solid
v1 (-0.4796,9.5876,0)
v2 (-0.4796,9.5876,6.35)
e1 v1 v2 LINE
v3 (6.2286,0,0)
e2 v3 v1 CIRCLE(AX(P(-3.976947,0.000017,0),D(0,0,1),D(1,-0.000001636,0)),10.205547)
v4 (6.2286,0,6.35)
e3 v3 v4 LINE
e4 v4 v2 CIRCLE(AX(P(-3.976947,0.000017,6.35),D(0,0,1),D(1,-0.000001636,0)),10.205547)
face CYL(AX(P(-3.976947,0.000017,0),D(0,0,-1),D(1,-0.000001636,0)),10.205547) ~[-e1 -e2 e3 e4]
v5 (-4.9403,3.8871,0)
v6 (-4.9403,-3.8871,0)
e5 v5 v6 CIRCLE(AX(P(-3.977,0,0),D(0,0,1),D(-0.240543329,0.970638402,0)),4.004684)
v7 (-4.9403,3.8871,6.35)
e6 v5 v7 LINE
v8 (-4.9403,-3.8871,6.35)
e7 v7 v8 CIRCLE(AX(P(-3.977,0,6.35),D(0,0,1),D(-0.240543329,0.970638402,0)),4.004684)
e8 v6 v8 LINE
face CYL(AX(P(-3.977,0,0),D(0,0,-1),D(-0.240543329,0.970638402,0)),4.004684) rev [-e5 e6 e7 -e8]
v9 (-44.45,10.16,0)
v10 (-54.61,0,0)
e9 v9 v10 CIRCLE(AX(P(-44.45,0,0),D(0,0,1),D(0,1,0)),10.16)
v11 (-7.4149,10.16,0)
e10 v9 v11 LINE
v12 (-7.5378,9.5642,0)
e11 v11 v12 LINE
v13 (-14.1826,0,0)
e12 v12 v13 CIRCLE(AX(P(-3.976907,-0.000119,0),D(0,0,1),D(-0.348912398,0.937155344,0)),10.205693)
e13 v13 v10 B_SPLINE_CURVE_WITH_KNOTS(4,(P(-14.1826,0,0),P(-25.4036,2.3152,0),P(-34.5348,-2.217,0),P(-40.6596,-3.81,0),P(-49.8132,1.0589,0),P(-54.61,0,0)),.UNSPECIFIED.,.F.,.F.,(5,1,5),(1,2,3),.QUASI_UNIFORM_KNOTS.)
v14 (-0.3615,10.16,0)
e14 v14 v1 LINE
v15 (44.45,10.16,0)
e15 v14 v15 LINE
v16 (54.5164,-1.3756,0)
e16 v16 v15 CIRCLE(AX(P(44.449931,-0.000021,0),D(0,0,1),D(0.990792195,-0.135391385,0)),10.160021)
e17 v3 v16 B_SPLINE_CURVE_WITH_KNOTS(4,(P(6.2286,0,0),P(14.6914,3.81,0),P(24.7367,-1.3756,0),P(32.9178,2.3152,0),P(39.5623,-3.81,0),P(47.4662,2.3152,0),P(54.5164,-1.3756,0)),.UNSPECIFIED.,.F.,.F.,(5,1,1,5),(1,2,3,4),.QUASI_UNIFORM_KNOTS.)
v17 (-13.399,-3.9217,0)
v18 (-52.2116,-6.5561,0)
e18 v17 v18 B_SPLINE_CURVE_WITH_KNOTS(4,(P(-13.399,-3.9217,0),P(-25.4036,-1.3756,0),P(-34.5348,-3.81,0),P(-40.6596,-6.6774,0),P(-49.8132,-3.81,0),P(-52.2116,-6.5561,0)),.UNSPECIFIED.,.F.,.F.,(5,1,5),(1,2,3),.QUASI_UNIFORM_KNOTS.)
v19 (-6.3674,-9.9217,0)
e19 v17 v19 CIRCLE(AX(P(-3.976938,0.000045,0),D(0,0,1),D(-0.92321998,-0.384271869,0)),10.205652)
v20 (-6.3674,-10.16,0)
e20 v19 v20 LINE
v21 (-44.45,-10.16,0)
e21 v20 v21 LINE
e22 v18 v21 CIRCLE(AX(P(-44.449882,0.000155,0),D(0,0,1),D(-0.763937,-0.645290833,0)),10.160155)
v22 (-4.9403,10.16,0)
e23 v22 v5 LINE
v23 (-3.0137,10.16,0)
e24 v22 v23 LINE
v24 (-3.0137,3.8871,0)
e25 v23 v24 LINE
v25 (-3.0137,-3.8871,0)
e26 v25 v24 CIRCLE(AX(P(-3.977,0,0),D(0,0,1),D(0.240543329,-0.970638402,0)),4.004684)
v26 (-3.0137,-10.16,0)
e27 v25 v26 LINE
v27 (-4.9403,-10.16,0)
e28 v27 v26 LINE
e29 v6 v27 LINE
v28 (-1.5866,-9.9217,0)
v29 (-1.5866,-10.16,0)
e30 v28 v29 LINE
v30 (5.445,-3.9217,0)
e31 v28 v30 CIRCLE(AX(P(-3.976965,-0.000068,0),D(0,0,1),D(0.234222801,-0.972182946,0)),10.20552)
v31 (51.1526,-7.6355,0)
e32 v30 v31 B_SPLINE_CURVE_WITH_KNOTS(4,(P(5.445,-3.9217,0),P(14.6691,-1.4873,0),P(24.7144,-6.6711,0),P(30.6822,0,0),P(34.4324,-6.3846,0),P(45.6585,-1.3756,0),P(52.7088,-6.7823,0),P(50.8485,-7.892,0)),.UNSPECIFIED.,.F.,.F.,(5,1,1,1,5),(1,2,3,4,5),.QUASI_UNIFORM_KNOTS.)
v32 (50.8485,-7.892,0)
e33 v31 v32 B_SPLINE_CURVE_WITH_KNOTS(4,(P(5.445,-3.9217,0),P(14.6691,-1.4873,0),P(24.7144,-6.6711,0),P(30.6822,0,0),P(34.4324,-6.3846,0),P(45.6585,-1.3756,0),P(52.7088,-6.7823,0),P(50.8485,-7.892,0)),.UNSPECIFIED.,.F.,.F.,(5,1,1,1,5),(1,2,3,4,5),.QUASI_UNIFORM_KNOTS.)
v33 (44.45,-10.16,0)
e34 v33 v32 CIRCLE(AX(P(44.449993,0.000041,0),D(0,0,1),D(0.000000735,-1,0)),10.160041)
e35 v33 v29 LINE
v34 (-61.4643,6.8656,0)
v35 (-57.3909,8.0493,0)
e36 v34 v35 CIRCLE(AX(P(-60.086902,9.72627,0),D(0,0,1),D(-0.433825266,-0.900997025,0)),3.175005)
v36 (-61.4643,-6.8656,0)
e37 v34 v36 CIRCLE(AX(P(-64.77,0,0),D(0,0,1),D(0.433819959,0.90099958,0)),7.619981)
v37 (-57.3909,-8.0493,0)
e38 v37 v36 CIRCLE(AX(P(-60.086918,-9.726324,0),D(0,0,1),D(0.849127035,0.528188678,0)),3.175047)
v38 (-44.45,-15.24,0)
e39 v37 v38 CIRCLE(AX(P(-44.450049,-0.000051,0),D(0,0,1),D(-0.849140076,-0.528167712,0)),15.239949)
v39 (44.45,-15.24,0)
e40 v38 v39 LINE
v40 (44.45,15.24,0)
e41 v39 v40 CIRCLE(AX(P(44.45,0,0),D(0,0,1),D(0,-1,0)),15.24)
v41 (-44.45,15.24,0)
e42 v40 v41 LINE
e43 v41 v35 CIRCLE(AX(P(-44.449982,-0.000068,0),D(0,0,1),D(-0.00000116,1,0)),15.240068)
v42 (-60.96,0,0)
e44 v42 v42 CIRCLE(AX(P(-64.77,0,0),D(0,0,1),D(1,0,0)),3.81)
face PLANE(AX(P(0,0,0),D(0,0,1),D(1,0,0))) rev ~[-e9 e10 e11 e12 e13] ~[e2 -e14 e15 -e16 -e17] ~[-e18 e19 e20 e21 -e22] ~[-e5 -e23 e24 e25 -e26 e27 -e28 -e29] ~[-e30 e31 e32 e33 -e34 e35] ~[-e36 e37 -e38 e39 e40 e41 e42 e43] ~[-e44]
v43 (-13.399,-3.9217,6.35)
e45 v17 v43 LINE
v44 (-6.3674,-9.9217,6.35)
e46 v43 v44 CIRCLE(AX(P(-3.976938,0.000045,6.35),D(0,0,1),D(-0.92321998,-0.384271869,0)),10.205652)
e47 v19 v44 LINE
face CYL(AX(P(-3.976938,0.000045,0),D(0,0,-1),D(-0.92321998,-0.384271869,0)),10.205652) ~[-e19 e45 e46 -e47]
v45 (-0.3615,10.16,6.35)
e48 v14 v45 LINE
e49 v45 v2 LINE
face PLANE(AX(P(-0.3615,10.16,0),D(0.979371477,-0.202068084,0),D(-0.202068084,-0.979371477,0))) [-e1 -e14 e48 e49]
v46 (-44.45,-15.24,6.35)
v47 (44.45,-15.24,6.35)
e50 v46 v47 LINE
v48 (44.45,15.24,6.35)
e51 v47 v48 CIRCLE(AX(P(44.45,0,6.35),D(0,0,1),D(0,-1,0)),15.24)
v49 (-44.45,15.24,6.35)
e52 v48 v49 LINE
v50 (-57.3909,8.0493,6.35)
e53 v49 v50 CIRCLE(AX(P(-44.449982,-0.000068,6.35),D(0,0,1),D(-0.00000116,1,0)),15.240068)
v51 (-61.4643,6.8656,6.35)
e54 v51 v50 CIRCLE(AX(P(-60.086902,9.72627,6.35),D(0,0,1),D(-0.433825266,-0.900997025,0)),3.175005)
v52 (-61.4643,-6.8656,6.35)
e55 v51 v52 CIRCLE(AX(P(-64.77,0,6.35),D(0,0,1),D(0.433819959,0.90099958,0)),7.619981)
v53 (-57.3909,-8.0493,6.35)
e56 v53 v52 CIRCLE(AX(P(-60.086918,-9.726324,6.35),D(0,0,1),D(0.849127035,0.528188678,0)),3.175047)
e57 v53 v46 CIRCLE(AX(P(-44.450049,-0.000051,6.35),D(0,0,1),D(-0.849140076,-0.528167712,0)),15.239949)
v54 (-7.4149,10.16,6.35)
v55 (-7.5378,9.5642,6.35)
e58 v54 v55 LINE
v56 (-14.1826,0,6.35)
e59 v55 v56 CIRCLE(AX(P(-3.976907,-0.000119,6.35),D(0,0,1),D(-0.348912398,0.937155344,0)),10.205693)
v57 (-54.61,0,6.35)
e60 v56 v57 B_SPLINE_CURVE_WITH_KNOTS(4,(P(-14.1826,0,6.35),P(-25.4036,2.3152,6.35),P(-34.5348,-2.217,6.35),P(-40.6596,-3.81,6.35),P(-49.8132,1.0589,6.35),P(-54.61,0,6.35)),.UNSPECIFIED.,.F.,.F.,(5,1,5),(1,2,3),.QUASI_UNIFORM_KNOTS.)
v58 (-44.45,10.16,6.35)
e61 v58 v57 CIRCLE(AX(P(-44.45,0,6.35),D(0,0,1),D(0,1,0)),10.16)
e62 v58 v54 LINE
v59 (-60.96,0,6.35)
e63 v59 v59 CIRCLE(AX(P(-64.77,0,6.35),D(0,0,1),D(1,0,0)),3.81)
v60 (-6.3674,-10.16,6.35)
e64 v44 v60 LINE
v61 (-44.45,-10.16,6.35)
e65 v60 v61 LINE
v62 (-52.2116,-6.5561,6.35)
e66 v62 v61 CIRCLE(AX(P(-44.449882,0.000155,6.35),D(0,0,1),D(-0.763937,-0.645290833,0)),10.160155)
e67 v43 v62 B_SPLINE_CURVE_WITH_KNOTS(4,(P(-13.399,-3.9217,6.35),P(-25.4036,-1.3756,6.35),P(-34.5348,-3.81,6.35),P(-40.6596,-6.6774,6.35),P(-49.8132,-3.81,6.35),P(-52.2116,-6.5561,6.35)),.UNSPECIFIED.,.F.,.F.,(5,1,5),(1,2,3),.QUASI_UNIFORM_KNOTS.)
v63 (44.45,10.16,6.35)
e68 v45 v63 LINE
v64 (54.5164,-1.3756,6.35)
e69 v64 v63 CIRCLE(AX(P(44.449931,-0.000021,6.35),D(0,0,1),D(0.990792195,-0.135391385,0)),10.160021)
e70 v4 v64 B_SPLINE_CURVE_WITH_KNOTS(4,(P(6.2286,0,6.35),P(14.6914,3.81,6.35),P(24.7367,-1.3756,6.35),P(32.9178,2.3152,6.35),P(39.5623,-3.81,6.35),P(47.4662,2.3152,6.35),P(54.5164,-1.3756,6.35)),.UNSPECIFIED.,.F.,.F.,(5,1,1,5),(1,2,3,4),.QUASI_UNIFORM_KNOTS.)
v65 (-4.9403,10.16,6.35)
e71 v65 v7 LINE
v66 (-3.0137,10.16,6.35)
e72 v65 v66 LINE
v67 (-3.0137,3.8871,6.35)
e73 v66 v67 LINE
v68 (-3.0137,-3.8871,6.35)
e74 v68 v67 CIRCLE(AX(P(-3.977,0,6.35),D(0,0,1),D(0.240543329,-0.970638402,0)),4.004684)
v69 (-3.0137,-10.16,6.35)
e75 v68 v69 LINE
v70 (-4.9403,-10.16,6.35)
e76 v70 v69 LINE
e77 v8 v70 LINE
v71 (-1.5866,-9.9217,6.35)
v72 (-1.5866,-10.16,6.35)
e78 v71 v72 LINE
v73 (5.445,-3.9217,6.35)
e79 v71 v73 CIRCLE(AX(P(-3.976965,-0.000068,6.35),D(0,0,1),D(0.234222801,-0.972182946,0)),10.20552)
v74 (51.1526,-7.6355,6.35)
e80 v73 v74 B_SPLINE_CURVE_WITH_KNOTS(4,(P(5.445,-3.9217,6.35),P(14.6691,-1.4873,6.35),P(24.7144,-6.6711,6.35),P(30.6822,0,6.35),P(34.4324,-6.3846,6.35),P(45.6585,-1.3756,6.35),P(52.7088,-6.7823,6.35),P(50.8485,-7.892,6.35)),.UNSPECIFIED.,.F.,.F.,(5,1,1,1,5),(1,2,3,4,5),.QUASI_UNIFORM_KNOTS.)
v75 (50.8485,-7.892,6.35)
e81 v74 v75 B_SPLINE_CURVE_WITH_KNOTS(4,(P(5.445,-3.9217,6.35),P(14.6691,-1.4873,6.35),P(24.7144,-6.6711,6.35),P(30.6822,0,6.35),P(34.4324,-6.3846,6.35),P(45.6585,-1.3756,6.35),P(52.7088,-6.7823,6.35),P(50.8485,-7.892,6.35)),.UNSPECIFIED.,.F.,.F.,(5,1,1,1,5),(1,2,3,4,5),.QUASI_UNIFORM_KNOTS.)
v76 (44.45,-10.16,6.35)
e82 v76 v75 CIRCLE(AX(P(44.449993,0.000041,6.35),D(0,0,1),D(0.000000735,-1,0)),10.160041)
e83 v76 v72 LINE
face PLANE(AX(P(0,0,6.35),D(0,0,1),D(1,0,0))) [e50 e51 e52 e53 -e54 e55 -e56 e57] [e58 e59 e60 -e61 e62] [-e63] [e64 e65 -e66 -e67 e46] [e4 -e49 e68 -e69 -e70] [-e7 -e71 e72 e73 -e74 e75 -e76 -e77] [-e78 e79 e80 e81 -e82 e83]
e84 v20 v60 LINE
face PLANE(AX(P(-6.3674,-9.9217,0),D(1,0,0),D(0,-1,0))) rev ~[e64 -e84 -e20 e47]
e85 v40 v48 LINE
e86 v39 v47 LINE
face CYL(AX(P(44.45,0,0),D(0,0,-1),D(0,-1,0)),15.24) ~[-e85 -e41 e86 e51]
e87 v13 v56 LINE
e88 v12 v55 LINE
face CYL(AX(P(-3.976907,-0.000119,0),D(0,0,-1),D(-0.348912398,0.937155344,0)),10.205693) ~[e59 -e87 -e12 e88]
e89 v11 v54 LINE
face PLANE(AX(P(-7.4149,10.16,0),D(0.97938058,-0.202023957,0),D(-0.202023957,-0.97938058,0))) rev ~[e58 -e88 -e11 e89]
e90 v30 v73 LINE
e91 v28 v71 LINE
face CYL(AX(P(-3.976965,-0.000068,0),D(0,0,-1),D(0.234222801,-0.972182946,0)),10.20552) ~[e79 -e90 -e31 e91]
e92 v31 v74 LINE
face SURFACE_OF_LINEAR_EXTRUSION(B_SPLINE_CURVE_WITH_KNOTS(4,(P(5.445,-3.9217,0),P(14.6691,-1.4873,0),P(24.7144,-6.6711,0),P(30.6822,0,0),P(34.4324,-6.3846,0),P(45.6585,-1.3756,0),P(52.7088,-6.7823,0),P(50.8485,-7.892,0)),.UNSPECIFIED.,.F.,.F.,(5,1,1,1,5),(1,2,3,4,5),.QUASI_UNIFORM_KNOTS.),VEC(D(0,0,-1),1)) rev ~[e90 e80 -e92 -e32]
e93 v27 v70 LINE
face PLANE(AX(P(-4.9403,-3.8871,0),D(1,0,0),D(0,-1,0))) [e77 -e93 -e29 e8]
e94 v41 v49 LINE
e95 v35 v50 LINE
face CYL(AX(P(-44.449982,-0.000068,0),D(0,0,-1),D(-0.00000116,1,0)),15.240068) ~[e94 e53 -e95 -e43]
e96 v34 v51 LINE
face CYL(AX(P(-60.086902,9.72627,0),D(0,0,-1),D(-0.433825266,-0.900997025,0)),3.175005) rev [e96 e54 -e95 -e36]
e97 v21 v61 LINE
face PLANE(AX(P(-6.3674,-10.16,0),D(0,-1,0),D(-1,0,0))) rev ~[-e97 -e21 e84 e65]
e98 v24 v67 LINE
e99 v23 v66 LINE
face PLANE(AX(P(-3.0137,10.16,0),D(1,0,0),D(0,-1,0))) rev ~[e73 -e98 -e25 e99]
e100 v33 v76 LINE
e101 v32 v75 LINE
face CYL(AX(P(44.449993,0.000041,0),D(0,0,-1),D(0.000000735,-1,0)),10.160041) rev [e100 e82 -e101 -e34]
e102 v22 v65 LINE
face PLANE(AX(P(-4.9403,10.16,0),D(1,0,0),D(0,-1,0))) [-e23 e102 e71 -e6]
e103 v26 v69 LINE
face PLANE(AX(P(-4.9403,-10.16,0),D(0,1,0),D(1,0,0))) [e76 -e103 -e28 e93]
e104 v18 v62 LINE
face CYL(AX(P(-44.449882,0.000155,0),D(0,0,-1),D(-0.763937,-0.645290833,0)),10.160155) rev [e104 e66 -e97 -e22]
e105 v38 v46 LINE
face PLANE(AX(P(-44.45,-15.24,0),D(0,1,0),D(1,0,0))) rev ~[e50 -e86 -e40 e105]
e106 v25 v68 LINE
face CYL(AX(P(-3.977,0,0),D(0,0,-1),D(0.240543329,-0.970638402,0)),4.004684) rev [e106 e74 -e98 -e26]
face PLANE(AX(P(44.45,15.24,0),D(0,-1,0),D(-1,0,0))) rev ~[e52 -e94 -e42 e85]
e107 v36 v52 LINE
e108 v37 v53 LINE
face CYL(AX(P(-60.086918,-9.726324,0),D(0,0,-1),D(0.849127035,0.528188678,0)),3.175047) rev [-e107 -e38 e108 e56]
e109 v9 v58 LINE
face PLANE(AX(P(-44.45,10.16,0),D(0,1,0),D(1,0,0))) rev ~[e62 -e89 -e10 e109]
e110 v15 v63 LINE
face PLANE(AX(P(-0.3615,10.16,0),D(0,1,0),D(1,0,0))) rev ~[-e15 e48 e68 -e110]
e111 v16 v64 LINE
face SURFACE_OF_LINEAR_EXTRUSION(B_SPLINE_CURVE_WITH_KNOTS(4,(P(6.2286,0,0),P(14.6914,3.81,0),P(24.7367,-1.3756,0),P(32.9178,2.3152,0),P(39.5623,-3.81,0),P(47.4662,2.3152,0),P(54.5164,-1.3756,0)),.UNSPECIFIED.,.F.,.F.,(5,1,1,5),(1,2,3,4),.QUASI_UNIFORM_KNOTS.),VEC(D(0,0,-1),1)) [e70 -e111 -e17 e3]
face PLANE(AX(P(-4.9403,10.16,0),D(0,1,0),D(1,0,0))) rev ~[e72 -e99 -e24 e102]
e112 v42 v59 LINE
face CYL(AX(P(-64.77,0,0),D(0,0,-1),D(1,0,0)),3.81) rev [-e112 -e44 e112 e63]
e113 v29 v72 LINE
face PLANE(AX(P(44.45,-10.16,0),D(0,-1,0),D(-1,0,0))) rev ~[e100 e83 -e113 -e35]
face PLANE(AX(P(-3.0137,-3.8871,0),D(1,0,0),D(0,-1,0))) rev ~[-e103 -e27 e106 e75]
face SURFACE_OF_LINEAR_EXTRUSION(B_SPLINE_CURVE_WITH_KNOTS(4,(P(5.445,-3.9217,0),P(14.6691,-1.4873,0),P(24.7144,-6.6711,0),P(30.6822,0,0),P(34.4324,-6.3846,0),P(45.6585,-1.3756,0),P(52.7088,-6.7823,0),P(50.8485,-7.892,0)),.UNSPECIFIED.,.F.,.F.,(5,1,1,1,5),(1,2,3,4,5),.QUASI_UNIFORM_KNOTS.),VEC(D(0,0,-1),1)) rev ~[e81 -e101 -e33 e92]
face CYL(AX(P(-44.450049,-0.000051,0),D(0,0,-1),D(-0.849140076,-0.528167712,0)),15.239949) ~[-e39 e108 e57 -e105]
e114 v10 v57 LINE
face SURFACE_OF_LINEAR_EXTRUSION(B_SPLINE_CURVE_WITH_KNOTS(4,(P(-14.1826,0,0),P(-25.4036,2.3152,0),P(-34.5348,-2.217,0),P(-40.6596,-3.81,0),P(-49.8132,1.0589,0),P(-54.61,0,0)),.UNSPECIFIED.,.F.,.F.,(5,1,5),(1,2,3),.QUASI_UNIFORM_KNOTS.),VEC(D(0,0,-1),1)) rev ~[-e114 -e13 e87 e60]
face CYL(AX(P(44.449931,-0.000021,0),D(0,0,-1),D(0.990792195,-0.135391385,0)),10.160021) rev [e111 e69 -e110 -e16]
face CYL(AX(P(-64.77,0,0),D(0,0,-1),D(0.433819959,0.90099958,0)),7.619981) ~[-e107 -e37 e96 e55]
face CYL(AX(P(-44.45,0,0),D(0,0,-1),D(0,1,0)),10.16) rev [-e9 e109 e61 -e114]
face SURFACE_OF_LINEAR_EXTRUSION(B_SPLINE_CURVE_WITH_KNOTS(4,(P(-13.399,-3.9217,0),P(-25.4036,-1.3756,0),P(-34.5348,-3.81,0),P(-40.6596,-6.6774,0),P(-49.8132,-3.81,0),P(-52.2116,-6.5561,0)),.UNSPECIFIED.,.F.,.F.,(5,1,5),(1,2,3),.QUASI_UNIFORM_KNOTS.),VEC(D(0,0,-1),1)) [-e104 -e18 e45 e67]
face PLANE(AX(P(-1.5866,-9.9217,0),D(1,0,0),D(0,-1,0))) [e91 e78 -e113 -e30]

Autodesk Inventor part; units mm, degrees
ref_plane "YZ Plane" through (0, 0, 0) normal (1, 0, 0) x (0, 1, 0)
ref_plane "XZ Plane" through (0, 0, 0) normal (0, 1, 0) x (-1, 0, 0)
ref_plane "XY Plane" through (0, 0, 0) normal (0, 0, 1) x (1, 0, 0)
sketch "Sketch1" plane through (0, 0, 0) normal (0, 0, 1) x (1, 0, 0)
  line L0 (-44.45, 0) -> (44.45, 0) construction
  line L1 (-44.45, -15.24) -> (44.45, -15.24)
  line L2 (44.45, 15.24) -> (-44.45, 15.24)
  arc A0 (44.45, -15.24) -> (44.45, 15.24) centre (44.45, 0) ccw
  circle A1 centre (-64.77, 0) radius 3.81
  arc A2 (-61.4643, 6.8656) -> (-61.4643, -6.8656) centre (-64.77, 0) ccw
  arc A3 (-44.45, 15.24) -> (-57.3909, 8.0493) centre (-44.45, 0) ccw
  arc A4 (-57.3909, -8.0493) -> (-44.45, -15.24) centre (-44.45, 0) ccw
  arc A5 (-61.4643, 6.8656) -> (-57.3909, 8.0493) centre (-60.0869, 9.7263) ccw
  arc A6 (-57.3909, -8.0493) -> (-61.4643, -6.8656) centre (-60.0869, -9.7263) ccw
  line L3 (-14.1826, 0) -> (-25.4036, 2.3152) construction
  line L4 (-25.4036, 2.3152) -> (-34.5348, -2.217) construction
  line L5 (-34.5348, -2.217) -> (-40.6596, -3.81) construction
  line L6 (-40.6596, -3.81) -> (-49.8132, 1.0589) construction
  line L7 (-49.8132, 1.0589) -> (-54.61, 0) construction
  spline S0 degree 4 poles (-14.1826, 0) (-25.4036, 2.3152) (-34.5348, -2.217) (-40.6596, -3.81) (-49.8132, 1.0589) (-54.61, 0) knots 1 1 1 1 1 2 3 3 3 3 3
  line L8 (-13.399, -3.9217) -> (-25.4036, -1.3756) construction
  line L9 (-25.4036, -1.3756) -> (-34.5348, -3.81) construction
  line L10 (-34.5348, -3.81) -> (-40.6596, -6.6774) construction
  line L11 (-40.6596, -6.6774) -> (-49.8132, -3.81) construction
  line L12 (-49.8132, -3.81) -> (-52.2116, -6.5561) construction
  spline S1 degree 4 poles (-13.399, -3.9217) (-25.4036, -1.3756) (-34.5348, -3.81) (-40.6596, -6.6774) (-49.8132, -3.81) (-52.2116, -6.5561) knots 1 1 1 1 1 2 3 3 3 3 3
  line L13 (6.2286, 0) -> (14.6914, 3.81) construction
  line L14 (14.6914, 3.81) -> (24.7367, -1.3756) construction
  line L15 (24.7367, -1.3756) -> (32.9178, 2.3152) construction
  line L16 (32.9178, 2.3152) -> (39.5623, -3.81) construction
  line L17 (39.5623, -3.81) -> (47.4662, 2.3152) construction
  line L18 (47.4662, 2.3152) -> (54.5164, -1.3756) construction
  spline S2 degree 4 poles (6.2286, 0) (14.6914, 3.81) (24.7367, -1.3756) (32.9178, 2.3152) (39.5623, -3.81) (47.4662, 2.3152) (54.5164, -1.3756) knots 1 1 1 1 1 2 3 4 4 4 4 4
  line L19 (5.445, -3.9217) -> (14.6691, -1.4873) construction
  line L20 (14.6691, -1.4873) -> (24.7144, -6.6711) construction
  line L21 (24.7144, -6.6711) -> (30.6822, 0) construction
  line L22 (30.6822, 0) -> (34.4324, -6.3846) construction
  line L23 (34.4324, -6.3846) -> (45.6585, -1.3756) construction
  line L24 (45.6585, -1.3756) -> (52.7088, -6.7823) construction
  line L25 (52.7088, -6.7823) -> (50.8485, -7.892) construction
  spline S3 degree 4 poles (5.445, -3.9217) (14.6691, -1.4873) (24.7144, -6.6711) (30.6822, 0) (34.4324, -6.3846) (45.6585, -1.3756) (52.7088, -6.7823) (50.8485, -7.892) knots 1 1 1 1 1 2 3 4 5 5 5 5 5
  line L26 (-3.0137, 10.16) -> (-3.0137, 3.8871)
  line L27 (-3.0137, -3.8871) -> (-3.0137, -10.16)
  line L28 (-4.9403, 10.16) -> (-4.9403, 3.8871)
  line L29 (-4.9403, -3.8871) -> (-4.9403, -10.16)
  line L30 (-44.45, 10.16) -> (-7.4149, 10.16)
  line L31 (-0.3615, 10.16) -> (44.45, 10.16)
  arc A7 (-4.9403, 3.8871) -> (-4.9403, -3.8871) centre (-3.977, 0) ccw
  arc A8 (-3.0137, -3.8871) -> (-3.0137, 3.8871) centre (-3.977, 0) ccw
  line L32 (44.45, -10.16) -> (-1.5866, -10.16)
  line L33 (-6.3674, -10.16) -> (-44.45, -10.16)
  arc A9 (-7.5378, 9.5642) -> (-14.1826, 0) centre (-3.977, 0) ccw
  arc A10 (-13.399, -3.9217) -> (-6.3674, -9.9217) centre (-3.977, 0) ccw
  arc A11 (-44.45, 10.16) -> (-54.61, 0) centre (-44.45, 0) ccw
  arc A12 (-52.2116, -6.5561) -> (-44.45, -10.16) centre (-44.45, 0) ccw
  arc A13 (-1.5866, -9.9217) -> (5.445, -3.9217) centre (-3.977, 0) ccw
  arc A14 (6.2286, 0) -> (-0.4796, 9.5876) centre (-3.977, 0) ccw
  arc A15 (44.45, -10.16) -> (51.1526, -7.6355) centre (44.45, 0) ccw
  arc A16 (54.5164, -1.3756) -> (44.45, 10.16) centre (44.45, 0) ccw
  line L34 (-6.3674, -9.9217) -> (-6.3674, -10.16)
  line L35 (-1.5866, -9.9217) -> (-1.5866, -10.16)
  line L36 (-7.4149, 10.16) -> (-7.5378, 9.5642)
  line L37 (-0.3615, 10.16) -> (-0.4796, 9.5876)
  line L38 (-4.9403, 10.16) -> (-3.0137, 10.16)
  line L39 (-4.9403, -10.16) -> (-3.0137, -10.16)
  point P0 (0, 0)
  point P1 (0, 0)
  dimension "d0" = 88.9
  dimension "d1" = 15.24
  dimension "d3" = 3.81
  dimension "d4" = 3.81
  dimension "d5" = 20.32
  dimension "d6" = 3.175
  dimension "d8" = 15.24
extrude "Extrusion2" add sketch "Sketch1" along normal blind 6.35
properties part number "Key2"
